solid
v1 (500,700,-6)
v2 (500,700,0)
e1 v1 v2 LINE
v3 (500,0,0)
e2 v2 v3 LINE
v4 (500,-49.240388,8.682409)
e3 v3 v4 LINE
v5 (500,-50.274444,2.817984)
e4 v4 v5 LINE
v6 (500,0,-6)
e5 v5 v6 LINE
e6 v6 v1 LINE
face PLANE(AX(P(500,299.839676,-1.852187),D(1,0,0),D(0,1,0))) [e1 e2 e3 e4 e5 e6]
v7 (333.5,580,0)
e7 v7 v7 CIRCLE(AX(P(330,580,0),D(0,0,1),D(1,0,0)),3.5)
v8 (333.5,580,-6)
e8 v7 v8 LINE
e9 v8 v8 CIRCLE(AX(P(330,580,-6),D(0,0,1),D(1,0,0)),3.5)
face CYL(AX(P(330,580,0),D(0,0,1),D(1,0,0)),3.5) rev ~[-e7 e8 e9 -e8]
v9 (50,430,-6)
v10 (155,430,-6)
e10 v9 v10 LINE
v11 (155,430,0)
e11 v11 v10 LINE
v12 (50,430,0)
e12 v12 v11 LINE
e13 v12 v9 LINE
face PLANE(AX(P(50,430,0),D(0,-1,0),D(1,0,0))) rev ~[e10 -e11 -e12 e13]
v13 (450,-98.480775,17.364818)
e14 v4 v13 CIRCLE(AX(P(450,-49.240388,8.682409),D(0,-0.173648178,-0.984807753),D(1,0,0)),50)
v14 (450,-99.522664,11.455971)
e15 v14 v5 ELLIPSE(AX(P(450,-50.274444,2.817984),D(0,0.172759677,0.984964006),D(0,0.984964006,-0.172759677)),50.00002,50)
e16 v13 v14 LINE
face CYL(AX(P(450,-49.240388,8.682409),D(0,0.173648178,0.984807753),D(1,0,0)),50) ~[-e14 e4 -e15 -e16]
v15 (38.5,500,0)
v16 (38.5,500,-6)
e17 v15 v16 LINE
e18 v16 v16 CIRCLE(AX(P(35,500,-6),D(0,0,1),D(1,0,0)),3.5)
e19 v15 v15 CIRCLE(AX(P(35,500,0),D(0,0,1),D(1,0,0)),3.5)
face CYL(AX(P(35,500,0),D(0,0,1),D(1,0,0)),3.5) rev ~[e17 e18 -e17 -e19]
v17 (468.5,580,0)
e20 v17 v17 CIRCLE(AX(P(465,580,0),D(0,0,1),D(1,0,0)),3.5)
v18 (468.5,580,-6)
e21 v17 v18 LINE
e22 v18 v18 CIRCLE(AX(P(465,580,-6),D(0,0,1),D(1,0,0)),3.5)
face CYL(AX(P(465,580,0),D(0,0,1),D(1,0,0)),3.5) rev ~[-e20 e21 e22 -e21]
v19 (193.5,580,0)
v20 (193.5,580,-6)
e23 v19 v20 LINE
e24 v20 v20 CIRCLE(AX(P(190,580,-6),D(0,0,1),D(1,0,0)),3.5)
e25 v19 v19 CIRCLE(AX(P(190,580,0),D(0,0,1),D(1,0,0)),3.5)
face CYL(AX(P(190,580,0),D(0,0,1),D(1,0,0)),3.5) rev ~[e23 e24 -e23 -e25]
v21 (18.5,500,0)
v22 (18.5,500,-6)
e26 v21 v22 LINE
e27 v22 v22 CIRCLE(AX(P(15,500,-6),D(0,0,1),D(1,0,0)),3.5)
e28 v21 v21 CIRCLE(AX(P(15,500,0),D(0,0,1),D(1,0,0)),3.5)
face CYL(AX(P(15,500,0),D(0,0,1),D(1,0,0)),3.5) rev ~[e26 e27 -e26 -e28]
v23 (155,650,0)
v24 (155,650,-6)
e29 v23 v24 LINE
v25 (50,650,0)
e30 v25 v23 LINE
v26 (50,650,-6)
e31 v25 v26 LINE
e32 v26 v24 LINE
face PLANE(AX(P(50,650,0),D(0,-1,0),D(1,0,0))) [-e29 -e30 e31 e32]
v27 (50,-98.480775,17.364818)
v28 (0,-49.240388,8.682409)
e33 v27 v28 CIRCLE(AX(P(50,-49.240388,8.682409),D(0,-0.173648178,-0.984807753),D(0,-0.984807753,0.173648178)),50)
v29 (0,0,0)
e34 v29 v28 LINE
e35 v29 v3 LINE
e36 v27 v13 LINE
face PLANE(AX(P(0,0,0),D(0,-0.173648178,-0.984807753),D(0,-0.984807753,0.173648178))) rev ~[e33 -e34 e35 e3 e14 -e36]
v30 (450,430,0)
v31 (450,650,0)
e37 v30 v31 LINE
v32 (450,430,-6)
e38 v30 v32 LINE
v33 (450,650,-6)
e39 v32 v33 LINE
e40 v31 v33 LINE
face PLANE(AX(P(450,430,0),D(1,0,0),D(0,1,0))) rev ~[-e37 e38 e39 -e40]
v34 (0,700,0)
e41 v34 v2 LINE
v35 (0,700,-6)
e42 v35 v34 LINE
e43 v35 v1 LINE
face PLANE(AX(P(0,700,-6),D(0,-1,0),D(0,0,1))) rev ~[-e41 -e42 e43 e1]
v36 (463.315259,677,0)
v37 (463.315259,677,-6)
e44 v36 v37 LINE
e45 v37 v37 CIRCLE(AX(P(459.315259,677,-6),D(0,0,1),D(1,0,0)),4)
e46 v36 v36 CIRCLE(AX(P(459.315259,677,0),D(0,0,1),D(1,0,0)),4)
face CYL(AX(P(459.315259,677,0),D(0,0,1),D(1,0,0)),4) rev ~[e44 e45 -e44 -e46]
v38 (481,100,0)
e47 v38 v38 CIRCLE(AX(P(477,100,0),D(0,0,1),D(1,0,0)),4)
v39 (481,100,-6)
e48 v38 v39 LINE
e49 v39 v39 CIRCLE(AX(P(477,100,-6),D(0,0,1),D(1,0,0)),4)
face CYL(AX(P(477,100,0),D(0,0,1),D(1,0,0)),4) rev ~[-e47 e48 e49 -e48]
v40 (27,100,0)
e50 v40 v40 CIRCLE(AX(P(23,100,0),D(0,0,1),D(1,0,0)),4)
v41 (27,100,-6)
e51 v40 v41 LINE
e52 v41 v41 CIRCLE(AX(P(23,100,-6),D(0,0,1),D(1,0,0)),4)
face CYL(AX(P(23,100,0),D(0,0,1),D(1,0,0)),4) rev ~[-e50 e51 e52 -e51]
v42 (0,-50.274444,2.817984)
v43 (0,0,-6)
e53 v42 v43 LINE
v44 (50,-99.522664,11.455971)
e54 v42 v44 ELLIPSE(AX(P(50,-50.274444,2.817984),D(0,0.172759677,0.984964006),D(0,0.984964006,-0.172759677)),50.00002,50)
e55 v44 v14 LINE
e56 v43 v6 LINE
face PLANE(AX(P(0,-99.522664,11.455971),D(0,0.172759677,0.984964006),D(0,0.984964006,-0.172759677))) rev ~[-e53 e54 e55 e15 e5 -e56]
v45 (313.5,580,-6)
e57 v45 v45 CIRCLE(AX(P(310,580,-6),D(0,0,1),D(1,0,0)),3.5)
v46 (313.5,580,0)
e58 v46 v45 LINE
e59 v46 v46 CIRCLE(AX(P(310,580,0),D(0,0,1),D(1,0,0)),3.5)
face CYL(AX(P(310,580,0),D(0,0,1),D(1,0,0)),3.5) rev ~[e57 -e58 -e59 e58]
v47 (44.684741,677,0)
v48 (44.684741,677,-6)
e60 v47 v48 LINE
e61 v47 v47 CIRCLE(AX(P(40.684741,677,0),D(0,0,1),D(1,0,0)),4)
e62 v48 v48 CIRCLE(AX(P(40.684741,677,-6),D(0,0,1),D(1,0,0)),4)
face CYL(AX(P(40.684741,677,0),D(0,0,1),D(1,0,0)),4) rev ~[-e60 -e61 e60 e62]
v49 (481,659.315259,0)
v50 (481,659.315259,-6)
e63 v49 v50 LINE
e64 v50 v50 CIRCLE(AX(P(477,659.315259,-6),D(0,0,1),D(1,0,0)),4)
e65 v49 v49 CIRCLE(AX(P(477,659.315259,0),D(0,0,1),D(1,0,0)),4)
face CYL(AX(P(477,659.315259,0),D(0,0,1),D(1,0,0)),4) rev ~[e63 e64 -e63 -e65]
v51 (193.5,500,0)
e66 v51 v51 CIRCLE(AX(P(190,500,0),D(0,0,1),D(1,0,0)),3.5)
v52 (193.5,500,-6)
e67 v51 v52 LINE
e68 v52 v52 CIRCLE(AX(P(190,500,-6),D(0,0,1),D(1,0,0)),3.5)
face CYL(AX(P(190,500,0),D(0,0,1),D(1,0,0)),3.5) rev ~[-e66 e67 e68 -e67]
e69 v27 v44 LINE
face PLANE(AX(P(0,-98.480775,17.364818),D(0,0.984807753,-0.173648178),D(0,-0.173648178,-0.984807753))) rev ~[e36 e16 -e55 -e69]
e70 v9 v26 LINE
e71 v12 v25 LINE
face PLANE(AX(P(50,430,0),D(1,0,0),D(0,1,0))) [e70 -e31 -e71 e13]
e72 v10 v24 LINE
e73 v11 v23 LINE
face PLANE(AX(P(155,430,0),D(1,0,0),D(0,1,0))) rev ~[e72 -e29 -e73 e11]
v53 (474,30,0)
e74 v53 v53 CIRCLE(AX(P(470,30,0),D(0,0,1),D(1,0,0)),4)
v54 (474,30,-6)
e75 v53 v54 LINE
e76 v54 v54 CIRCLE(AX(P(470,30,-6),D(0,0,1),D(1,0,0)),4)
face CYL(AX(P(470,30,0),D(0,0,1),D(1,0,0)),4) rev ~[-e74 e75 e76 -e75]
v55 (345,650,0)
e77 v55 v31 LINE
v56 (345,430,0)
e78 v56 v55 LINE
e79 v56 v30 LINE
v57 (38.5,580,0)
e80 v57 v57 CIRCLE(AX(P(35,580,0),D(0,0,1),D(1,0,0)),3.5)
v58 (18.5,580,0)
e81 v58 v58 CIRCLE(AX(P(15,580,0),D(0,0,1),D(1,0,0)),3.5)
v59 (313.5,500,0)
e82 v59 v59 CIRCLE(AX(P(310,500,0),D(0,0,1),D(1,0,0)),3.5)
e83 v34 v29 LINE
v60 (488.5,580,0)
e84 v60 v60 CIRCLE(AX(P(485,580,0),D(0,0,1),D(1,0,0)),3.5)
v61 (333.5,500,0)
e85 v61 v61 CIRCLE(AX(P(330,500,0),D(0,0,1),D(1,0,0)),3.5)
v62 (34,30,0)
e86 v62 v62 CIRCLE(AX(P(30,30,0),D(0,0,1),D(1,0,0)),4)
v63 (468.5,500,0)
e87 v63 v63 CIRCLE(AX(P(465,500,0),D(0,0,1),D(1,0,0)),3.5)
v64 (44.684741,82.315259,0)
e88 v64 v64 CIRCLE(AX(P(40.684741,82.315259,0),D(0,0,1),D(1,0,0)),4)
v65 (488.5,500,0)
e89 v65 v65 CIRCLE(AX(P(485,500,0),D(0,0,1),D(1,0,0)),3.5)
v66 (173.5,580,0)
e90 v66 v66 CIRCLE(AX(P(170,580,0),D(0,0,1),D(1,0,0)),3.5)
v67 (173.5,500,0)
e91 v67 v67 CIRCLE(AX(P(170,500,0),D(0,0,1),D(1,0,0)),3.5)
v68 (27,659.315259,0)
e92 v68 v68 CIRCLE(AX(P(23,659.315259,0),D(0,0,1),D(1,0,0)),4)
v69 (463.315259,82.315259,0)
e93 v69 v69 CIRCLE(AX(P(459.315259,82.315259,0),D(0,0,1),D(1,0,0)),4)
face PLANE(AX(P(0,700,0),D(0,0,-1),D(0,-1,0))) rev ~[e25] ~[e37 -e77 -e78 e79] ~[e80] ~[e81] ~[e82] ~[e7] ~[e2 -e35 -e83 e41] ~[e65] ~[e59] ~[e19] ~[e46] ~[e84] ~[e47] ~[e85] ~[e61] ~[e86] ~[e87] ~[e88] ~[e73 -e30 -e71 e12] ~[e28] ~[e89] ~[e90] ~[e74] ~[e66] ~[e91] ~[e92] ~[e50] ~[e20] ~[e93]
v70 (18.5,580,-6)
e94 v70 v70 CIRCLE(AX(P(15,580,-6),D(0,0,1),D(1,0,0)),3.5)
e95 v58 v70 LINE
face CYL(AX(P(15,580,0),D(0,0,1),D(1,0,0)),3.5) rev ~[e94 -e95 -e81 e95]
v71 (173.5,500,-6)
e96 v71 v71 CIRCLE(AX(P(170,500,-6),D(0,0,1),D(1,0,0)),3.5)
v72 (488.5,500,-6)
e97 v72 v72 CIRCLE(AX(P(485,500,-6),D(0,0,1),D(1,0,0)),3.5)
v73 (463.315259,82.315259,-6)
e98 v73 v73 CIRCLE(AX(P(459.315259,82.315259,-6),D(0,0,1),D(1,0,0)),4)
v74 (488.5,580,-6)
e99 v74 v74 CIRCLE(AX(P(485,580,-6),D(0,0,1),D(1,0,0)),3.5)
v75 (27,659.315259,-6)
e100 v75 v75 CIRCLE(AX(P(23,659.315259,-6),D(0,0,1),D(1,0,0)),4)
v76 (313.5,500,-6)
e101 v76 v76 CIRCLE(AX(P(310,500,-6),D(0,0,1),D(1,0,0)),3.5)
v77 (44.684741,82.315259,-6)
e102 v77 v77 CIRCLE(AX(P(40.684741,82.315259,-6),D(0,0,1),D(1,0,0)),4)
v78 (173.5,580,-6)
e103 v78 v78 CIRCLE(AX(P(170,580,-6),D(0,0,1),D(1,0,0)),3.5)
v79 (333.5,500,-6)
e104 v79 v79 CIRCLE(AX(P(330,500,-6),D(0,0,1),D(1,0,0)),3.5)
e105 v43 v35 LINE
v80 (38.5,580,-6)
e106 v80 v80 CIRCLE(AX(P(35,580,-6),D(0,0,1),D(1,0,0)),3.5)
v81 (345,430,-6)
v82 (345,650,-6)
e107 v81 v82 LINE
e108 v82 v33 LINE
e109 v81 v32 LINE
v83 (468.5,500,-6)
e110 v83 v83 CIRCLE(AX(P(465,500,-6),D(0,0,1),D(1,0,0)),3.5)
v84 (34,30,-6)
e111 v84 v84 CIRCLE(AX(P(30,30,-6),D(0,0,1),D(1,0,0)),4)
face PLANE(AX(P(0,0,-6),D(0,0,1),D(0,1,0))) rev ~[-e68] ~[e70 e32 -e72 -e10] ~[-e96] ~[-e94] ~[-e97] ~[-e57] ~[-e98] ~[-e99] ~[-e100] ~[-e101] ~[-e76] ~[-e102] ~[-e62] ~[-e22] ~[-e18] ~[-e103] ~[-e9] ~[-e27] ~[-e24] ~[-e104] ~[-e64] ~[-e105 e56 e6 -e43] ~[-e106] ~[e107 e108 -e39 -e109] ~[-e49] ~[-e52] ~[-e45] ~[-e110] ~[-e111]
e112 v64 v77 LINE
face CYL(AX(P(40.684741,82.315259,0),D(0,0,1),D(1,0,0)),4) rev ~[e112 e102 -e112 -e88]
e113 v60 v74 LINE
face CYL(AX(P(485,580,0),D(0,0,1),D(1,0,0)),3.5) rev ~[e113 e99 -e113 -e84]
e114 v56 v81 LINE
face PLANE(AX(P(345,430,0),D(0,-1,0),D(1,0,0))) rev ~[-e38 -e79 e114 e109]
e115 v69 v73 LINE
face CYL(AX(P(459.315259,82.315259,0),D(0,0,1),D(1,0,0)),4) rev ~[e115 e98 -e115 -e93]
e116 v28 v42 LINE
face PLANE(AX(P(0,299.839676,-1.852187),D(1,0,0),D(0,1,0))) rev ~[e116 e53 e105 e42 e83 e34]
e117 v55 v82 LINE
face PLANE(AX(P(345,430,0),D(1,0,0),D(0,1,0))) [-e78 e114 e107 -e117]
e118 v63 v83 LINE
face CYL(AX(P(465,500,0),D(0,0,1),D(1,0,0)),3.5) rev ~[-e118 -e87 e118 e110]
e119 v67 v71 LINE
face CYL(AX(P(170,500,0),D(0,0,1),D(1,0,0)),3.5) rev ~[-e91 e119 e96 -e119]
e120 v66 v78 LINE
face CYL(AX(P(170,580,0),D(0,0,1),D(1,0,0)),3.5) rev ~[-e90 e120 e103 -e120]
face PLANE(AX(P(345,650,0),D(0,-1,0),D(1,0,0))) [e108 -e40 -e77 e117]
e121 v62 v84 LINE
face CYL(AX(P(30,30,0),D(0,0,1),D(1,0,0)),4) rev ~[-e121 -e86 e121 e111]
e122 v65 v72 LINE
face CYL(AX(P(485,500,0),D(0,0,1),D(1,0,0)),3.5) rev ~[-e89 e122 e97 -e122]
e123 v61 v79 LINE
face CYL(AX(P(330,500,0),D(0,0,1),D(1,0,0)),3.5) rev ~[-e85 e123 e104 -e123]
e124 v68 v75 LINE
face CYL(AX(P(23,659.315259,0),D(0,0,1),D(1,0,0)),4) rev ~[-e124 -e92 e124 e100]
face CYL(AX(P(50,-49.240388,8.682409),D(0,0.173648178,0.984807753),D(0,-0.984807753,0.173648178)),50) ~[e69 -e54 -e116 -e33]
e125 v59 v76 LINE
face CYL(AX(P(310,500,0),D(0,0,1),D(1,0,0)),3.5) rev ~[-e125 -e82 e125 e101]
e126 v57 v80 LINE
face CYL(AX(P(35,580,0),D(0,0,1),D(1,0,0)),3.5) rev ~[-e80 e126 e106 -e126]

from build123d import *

# Parameters (mm, degrees)
F1_DEPTH = 500
F3_DEPTH = 23.191775822
F4_W     = 105
F4_H     = 220
F4_R     = 3.5
F4_R_2   = 4
F5_DEPTH = 6.001
F6_R     = 4
F7_DEPTH = 6.001


with BuildPart() as f1:
    # F0 (on Right) → F1 (new body)
    with BuildSketch(Plane.YZ):
        Polygon((700, 0), (0, 0), (-98.4807753012, 17.3648177667), (-99.5226643672, 11.4559712486), (0, -6), (700, -6), align=None)
    extrude(amount=F1_DEPTH)

    # F2 (on face) → F3 (cut, through all)
    with BuildSketch(Plane(origin=(0, 0, 0), x_dir=(1, 0, 0), z_dir=(0, 0.1736481777, 0.984807753))):
        with BuildLine():
            Line((0, -100), (50, -100))
            ThreePointArc((50, -100), (14.6446609407, -85.3553390593), (0, -50))
            Line((0, -50), (0, -100))
        make_face()
        with BuildLine():
            ThreePointArc((500, -50), (485.3553390593, -85.3553390593), (450, -100))
            Line((450, -100), (500, -100))
            Line((500, -100), (500, -50))
        make_face()
    extrude(amount=-F3_DEPTH, mode=Mode.SUBTRACT)

    # F4 (on face) → F5 (cut, through all)
    with BuildSketch(Plane.XY):
        with Locations((102.5, 540)):
            Rectangle(F4_W, F4_H)
        with Locations((35, 500)):
            Circle(F4_R)
        with Locations((15, 500)):
            Circle(F4_R)
        with Locations((35, 580)):
            Circle(F4_R)
        with Locations((15, 580)):
            Circle(F4_R)
        with Locations((190, 500)):
            Circle(F4_R)
        with Locations((170, 500)):
            Circle(F4_R)
        with Locations((190, 580)):
            Circle(F4_R)
        with Locations((170, 580)):
            Circle(F4_R)
        with Locations((465, 500)):
            Circle(F4_R)
        with Locations((485, 500)):
            Circle(F4_R)
        with Locations((485, 580)):
            Circle(F4_R)
        with Locations((310, 500)):
            Circle(F4_R)
        with Locations((465, 580)):
            Circle(F4_R)
        with Locations((330, 500)):
            Circle(F4_R)
        with Locations((330, 580)):
            Circle(F4_R)
        with Locations((310, 580)):
            Circle(F4_R)
        with Locations((397.5, 540)):
            Rectangle(F4_W, F4_H)
        with Locations((30, 30)):
            Circle(F4_R_2)
        with Locations((470, 30)):
            Circle(F4_R_2)
    extrude(amount=-F5_DEPTH, mode=Mode.SUBTRACT)

    # F6 (on face) → F7 (cut, through all)
    with BuildSketch(Plane.XY):
        with Locations((23, 100)):
            Circle(F6_R)
        with Locations((40.6847405975, 82.3152594025)):
            Circle(F6_R)
        with Locations((23, 659.3152594025)):
            Circle(F6_R)
        with Locations((40.6847405975, 677)):
            Circle(F6_R)
        with Locations((459.3152594025, 677)):
            Circle(F6_R)
        with Locations((477, 659.3152594025)):
            Circle(F6_R)
        with Locations((477, 100)):
            Circle(F6_R)
        with Locations((459.3152594025, 82.3152594025)):
            Circle(F6_R)
    extrude(amount=-F7_DEPTH, mode=Mode.SUBTRACT)


solid = f1.part
